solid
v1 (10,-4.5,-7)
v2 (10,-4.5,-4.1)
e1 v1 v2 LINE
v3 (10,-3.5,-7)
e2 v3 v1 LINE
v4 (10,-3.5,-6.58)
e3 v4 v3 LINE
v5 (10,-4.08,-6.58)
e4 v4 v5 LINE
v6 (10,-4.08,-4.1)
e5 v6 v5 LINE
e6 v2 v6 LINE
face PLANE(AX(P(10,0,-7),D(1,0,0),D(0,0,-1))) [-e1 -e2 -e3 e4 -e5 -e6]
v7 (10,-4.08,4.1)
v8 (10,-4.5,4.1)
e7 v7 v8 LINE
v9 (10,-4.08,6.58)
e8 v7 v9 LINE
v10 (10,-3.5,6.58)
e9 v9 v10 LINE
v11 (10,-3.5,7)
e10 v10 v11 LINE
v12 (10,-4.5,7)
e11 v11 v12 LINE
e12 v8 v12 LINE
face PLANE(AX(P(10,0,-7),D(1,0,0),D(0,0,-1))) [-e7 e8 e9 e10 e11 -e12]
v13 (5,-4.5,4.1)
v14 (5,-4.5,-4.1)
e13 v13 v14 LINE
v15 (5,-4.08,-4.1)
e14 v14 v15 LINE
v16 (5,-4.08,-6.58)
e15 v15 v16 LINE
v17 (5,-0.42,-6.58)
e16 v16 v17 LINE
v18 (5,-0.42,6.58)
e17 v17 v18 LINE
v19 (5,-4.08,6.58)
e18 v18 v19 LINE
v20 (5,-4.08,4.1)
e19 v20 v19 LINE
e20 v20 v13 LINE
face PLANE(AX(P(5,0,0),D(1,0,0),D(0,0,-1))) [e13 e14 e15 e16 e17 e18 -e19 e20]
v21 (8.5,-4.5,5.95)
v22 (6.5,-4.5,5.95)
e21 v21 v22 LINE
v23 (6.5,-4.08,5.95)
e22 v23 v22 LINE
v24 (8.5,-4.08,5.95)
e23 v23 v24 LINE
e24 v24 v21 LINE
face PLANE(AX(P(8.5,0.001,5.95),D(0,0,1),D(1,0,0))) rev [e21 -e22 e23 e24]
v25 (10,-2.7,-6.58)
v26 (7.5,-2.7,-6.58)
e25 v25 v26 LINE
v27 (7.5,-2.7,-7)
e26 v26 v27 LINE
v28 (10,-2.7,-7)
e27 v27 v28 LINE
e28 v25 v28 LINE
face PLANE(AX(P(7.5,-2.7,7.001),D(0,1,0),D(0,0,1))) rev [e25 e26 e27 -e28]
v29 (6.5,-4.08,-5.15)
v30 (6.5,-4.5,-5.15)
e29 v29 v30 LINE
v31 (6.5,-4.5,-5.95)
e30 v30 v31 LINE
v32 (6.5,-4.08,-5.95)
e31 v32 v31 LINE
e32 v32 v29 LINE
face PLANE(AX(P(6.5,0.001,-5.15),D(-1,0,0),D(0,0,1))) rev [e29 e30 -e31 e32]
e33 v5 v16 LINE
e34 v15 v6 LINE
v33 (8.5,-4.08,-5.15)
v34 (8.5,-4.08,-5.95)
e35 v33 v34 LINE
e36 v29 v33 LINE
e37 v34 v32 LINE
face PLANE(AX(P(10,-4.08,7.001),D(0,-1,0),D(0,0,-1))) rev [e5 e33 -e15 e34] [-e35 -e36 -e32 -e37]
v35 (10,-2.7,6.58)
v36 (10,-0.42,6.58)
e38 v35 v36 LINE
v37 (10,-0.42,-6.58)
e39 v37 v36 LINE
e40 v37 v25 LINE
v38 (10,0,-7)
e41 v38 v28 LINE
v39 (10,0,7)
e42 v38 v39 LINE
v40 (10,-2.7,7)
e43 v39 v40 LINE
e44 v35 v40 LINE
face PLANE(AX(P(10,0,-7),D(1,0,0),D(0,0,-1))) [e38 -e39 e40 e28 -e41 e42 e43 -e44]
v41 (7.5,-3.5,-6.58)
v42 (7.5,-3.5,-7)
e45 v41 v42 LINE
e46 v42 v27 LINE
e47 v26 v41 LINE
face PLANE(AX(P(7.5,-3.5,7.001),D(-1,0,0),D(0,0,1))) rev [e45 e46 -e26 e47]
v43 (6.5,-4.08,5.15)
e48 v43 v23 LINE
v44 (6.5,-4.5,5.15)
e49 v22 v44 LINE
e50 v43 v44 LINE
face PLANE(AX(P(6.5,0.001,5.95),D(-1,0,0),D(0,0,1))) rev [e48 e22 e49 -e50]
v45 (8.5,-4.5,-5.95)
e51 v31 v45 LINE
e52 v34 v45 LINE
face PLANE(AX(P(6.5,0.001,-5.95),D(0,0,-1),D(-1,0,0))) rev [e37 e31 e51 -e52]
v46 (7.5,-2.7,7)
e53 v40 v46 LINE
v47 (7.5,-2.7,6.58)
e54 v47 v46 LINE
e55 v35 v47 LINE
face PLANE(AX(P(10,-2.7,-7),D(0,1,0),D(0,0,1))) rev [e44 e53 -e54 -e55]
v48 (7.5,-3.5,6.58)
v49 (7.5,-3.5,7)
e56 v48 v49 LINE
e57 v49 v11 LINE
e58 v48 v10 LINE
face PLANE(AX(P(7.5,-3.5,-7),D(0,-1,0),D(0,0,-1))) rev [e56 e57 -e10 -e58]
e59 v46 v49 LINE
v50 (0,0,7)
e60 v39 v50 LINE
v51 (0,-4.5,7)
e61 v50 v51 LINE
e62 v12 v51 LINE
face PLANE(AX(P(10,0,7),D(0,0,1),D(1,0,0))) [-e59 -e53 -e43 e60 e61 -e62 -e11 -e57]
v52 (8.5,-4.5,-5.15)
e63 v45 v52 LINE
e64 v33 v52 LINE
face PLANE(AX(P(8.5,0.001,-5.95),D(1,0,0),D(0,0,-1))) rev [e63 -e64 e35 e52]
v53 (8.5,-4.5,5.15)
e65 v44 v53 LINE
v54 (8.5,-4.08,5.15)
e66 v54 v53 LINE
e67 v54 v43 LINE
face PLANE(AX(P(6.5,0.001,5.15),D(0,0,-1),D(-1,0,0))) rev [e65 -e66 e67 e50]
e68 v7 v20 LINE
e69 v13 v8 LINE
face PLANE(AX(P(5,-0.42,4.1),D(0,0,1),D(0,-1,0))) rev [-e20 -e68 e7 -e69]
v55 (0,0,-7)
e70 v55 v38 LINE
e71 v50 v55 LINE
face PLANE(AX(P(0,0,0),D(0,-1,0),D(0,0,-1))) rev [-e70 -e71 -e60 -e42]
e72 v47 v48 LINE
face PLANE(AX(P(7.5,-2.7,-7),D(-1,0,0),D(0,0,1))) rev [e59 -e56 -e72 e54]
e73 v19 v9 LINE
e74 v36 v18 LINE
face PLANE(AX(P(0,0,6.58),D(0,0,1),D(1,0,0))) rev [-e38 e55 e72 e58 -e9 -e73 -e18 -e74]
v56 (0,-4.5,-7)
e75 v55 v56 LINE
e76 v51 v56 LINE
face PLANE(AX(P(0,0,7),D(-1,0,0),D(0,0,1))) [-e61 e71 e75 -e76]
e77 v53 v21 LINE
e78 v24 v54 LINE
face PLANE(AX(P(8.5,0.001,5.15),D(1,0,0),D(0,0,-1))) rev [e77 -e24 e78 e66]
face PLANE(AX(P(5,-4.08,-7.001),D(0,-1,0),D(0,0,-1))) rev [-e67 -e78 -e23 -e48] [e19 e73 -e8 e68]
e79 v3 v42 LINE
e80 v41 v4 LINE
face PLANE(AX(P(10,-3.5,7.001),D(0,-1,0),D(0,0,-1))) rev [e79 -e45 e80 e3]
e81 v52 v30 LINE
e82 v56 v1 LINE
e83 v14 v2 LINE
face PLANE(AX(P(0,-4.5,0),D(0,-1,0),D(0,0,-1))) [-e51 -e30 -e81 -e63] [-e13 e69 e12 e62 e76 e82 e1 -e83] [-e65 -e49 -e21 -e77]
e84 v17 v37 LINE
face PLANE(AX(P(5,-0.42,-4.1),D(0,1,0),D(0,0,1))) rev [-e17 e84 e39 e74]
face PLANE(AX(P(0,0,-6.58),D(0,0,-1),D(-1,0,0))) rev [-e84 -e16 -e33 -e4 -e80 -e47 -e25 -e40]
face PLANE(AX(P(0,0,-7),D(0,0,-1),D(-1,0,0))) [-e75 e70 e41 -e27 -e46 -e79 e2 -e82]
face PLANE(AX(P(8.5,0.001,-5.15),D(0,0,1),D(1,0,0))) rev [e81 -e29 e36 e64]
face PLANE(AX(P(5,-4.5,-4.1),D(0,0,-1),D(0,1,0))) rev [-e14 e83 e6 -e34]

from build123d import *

# Parameters (mm, degrees)
CROQUIS1_W              = 10
CROQUIS1_H              = 14
SALIENTE_EXTRUIR1_DEPTH = 4.5
CROQUIS2_W              = 8.2
CROQUIS2_H              = 4.08
CORTAR_EXTRUIR1_DEPTH   = 5
CORTAR_EXTRUIR2_REACH   = 19.455
CROQUIS3_W              = 5
CROQUIS3_H              = 3.66
CORTAR_EXTRUIR3_REACH   = 19.455
CROQUIS4_W              = 5
CROQUIS4_H              = 3.66
CORTAR_EXTRUIR4_REACH   = 19.783
CROQUIS5_W              = 2.5
CROQUIS5_H              = 0.8
CROQUIS6_W              = 2.5
CROQUIS6_H              = 0.8
CORTAR_EXTRUIR5_DEPTH   = 18.783419244
CORTAR_EXTRUIR6_REACH   = 15.01
CROQUIS7_W              = 2
CROQUIS7_H              = 0.8
CORTAR_EXTRUIR7_REACH   = 15.01
CROQUIS8_W              = 2
CROQUIS8_H              = 0.8


with BuildPart() as part:
    # Croquis1 → Saliente-Extruir1 (new body)
    with BuildSketch(Plane.XZ.offset(4.5)):
        with Locations((5, 0)):
            Rectangle(CROQUIS1_W, CROQUIS1_H)
    extrude(amount=-SALIENTE_EXTRUIR1_DEPTH)

    # Croquis2 → Cortar-Extruir1 (cut)
    with BuildSketch(Plane(origin=(10, 0, 0), x_dir=(0, 0, -1), z_dir=(1, 0, 0))):
        with Locations((0, -2.46)):
            Rectangle(CROQUIS2_W, CROQUIS2_H)
    extrude(amount=-CORTAR_EXTRUIR1_DEPTH, mode=Mode.SUBTRACT)

    # Croquis3 → Cortar-Extruir2 (cut, up to next)
    with BuildSketch(Plane.XY.offset(6.58), mode=Mode.PRIVATE) as cortar_extruir2_sk1:
        with Locations((7.5, -2.25)):
            Rectangle(CROQUIS3_W, CROQUIS3_H)
    cortar_extruir2_tool1 = extrude(cortar_extruir2_sk1.sketch, amount=-CORTAR_EXTRUIR2_REACH, mode=Mode.PRIVATE) & part.part
    add(cortar_extruir2_tool1.solids().sort_by_distance((7.5, -2.25, 6.58))[0], mode=Mode.SUBTRACT)

    # Croquis4 → Cortar-Extruir3 (cut, up to next)
    with BuildSketch(Plane(origin=(0, 0, -6.58), x_dir=(-1, 0, 0), z_dir=(0, 0, -1)), mode=Mode.PRIVATE) as cortar_extruir3_sk1:
        with Locations((-7.5, -2.25)):
            Rectangle(CROQUIS4_W, CROQUIS4_H)
    cortar_extruir3_tool1 = extrude(cortar_extruir3_sk1.sketch, amount=-CORTAR_EXTRUIR3_REACH, mode=Mode.PRIVATE) & part.part
    add(cortar_extruir3_tool1.solids().sort_by_distance((7.5, -2.25, -6.58))[0], mode=Mode.SUBTRACT)

    # Croquis5 → Cortar-Extruir4 (cut, up to next)
    with BuildSketch(Plane(origin=(0, 0, -7), x_dir=(-1, 0, 0), z_dir=(0, 0, -1)), mode=Mode.PRIVATE) as cortar_extruir4_sk1:
        with Locations((-8.75, -3.1)):
            Rectangle(CROQUIS5_W, CROQUIS5_H)
    cortar_extruir4_tool1 = extrude(cortar_extruir4_sk1.sketch, amount=-CORTAR_EXTRUIR4_REACH, mode=Mode.PRIVATE) & part.part
    add(cortar_extruir4_tool1.solids().sort_by_distance((8.75, -3.1, -7))[0], mode=Mode.SUBTRACT)

    # Croquis6 → Cortar-Extruir5 (cut, through all)
    with BuildSketch(Plane.XY.offset(7)):
        with Locations((8.75, -3.1)):
            Rectangle(CROQUIS6_W, CROQUIS6_H)
    extrude(amount=-CORTAR_EXTRUIR5_DEPTH, mode=Mode.SUBTRACT)

    # Croquis7 → Cortar-Extruir6 (cut, up to next)
    with BuildSketch(Plane.XZ.offset(4.5), mode=Mode.PRIVATE) as cortar_extruir6_sk1:
        with Locations((7.5, 5.55)):
            Rectangle(CROQUIS7_W, CROQUIS7_H)
    cortar_extruir6_tool1 = extrude(cortar_extruir6_sk1.sketch, amount=-CORTAR_EXTRUIR6_REACH, mode=Mode.PRIVATE) & part.part
    add(cortar_extruir6_tool1.solids().sort_by_distance((7.5, -4.5, 5.55))[0], mode=Mode.SUBTRACT)

    # Croquis8 → Cortar-Extruir7 (cut, up to next)
    with BuildSketch(Plane.XZ.offset(4.5), mode=Mode.PRIVATE) as cortar_extruir7_sk1:
        with Locations((7.5, -5.55)):
            Rectangle(CROQUIS8_W, CROQUIS8_H)
    cortar_extruir7_tool1 = extrude(cortar_extruir7_sk1.sketch, amount=-CORTAR_EXTRUIR7_REACH, mode=Mode.PRIVATE) & part.part
    add(cortar_extruir7_tool1.solids().sort_by_distance((7.5, -4.5, -5.55))[0], mode=Mode.SUBTRACT)


solid = part.part
